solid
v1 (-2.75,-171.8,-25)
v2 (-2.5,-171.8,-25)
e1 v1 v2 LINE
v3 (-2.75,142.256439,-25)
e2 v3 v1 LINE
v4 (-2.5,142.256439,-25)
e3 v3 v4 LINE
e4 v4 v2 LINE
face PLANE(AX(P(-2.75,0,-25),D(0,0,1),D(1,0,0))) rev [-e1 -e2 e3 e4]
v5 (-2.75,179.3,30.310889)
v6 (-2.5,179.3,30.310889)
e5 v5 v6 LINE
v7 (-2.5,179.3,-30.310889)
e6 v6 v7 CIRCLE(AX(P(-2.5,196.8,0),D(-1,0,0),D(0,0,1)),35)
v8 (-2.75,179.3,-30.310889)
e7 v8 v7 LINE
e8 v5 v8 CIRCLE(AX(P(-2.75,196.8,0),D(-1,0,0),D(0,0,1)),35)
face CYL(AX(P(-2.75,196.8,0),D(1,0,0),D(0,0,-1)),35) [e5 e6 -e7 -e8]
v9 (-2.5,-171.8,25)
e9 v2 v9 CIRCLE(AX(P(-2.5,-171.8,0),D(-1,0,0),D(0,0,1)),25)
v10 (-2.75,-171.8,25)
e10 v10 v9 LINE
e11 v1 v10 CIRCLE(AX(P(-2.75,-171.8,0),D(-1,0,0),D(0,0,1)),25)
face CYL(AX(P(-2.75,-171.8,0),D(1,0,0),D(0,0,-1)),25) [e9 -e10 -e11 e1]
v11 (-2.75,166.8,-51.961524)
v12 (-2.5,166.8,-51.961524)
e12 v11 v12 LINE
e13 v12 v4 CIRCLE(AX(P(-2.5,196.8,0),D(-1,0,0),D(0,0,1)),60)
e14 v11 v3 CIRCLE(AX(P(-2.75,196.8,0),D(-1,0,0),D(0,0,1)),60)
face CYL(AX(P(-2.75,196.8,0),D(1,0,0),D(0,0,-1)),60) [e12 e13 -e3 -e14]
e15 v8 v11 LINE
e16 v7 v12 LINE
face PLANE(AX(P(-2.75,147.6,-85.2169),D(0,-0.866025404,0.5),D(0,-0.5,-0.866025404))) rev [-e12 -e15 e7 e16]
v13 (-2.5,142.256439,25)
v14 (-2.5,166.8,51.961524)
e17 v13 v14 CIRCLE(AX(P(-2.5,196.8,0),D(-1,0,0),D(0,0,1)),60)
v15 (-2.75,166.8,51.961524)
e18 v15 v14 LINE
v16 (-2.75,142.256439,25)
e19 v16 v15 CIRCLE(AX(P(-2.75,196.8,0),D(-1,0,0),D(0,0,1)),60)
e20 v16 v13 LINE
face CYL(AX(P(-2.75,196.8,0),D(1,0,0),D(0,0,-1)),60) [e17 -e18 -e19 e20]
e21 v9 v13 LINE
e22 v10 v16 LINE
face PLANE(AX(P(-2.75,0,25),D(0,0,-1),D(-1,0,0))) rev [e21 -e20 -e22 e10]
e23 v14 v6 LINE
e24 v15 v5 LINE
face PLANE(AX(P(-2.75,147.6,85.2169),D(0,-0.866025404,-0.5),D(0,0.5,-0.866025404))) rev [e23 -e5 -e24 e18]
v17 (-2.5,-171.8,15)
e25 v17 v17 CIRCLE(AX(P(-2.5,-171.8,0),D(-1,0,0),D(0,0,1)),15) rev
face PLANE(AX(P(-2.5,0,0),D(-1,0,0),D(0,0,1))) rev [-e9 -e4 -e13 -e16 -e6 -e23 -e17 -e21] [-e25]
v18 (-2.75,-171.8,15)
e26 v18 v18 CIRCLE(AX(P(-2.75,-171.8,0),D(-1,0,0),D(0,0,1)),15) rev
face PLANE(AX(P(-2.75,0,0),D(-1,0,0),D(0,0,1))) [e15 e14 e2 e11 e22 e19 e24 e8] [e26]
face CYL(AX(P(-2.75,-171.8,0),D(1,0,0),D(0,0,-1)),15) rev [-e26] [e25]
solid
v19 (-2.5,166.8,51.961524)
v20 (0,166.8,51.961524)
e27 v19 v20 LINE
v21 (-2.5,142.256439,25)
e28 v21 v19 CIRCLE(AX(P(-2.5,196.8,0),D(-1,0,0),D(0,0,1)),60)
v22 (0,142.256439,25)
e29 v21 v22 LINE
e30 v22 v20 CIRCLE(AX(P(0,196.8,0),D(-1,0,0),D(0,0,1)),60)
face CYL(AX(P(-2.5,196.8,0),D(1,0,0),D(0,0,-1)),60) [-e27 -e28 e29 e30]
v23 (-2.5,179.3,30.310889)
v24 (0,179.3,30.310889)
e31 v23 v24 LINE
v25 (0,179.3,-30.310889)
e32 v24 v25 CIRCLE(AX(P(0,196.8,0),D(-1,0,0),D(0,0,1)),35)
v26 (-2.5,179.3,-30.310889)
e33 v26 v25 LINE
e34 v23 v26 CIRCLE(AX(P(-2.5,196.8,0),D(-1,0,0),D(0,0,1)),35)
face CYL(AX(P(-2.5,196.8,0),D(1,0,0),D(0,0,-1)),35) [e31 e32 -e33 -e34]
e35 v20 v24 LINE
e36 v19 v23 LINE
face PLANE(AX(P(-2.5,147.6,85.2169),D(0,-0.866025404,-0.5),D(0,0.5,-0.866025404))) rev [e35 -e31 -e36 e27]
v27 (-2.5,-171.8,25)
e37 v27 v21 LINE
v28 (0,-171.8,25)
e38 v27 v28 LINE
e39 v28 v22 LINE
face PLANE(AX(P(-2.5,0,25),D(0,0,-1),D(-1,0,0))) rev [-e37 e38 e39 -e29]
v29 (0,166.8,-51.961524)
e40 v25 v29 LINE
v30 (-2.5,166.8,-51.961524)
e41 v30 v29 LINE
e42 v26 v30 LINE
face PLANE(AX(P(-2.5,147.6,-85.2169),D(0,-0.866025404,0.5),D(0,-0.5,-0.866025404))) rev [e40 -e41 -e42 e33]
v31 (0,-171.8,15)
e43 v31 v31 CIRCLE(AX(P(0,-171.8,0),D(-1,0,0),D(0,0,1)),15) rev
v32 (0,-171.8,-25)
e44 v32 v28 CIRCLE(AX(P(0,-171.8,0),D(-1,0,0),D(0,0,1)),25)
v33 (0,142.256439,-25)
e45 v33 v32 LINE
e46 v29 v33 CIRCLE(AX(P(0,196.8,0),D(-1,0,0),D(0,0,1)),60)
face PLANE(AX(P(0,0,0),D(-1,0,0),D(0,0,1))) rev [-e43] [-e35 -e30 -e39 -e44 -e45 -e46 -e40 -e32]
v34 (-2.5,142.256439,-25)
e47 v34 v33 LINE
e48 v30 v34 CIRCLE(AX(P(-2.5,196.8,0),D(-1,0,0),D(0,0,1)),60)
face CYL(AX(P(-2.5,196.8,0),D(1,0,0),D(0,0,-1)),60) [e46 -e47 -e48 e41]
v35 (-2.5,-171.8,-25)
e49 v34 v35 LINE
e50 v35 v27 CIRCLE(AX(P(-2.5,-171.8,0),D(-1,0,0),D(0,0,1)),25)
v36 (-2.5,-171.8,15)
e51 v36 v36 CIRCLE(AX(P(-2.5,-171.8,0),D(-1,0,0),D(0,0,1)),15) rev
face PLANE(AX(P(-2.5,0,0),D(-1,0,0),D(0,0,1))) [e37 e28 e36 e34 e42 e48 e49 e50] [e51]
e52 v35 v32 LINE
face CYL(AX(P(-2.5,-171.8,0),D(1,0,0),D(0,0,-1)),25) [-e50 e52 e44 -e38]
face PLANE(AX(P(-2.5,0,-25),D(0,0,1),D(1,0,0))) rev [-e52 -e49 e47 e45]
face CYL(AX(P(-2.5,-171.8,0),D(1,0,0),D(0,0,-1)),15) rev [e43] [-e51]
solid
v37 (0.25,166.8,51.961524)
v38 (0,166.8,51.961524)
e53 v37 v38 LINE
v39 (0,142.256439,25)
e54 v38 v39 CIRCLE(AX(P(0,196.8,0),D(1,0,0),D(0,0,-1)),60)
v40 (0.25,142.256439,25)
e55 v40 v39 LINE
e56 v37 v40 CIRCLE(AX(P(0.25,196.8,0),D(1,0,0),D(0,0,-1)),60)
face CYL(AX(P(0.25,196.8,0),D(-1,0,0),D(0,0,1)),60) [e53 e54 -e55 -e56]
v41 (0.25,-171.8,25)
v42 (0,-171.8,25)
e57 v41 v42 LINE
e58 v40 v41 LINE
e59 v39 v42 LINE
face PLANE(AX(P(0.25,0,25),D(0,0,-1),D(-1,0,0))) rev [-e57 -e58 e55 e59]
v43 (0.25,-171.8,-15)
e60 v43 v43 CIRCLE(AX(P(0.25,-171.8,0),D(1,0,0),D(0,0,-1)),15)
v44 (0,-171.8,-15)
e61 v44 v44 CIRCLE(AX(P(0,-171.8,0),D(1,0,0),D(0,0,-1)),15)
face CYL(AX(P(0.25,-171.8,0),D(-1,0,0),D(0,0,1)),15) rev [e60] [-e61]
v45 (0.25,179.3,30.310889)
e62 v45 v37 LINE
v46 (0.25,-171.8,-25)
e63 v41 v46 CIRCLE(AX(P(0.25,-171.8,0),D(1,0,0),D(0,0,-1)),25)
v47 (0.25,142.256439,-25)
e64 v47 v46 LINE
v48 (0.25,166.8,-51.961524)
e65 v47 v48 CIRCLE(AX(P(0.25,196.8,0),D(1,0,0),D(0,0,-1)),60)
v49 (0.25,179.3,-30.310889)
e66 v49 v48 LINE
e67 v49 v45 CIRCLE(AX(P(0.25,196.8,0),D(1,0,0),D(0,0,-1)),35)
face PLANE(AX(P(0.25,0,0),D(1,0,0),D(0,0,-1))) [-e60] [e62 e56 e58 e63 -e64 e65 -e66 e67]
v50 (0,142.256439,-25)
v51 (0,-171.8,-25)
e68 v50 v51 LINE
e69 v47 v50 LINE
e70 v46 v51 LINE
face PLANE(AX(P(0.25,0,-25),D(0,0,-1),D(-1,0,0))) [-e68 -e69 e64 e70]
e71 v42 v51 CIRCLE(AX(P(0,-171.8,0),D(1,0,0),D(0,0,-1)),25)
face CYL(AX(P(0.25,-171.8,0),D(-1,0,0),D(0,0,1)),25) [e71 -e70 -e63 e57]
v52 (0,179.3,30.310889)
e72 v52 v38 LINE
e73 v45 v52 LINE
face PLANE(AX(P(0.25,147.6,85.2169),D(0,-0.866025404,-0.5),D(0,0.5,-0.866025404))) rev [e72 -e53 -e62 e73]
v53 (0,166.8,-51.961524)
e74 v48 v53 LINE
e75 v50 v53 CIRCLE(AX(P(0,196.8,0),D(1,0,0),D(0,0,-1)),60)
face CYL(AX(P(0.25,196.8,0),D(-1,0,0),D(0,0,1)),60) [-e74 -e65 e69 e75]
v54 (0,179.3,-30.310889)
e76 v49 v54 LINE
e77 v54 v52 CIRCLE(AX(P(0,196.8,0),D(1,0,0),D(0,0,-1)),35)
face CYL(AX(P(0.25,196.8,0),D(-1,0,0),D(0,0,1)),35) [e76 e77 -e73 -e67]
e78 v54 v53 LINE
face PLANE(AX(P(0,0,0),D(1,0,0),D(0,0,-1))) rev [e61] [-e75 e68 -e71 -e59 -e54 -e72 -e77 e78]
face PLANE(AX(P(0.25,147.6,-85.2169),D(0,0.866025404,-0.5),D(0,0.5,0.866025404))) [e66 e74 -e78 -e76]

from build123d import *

# Parameters (mm, degrees)
SKETCH2_R           = 15
BOSS_EXTRUDE1_DEPTH = 0.25
SKETCH3_R           = 15
BOSS_EXTRUDE2_DEPTH = 2.5
SKETCH4_R           = 15
BOSS_EXTRUDE3_DEPTH = 0.25


with BuildPart() as part:
    # Sketch2 → Boss-Extrude1 (new body)
    with BuildSketch(Plane(origin=(0, 0, 0), x_dir=(0, 0, -1), z_dir=(1, 0, 0))):
        with BuildLine():
            Line((51.961524227, 166.8), (30.310889132, 179.3))
            ThreePointArc((30.310889132, 179.3), (0, 231.8), (-30.310889132, 179.3))
            Line((-30.310889132, 179.3), (-51.961524227, 166.8))
            ThreePointArc((-51.961524227, 166.8), (-40.390167668, 152.430704809), (-25, 142.256439427))
            Line((-25, 142.256439427), (-25, -171.8))
            ThreePointArc((-25, -171.8), (0, -196.8), (25, -171.8))
            Line((25, -171.8), (25, 142.256439427))
            ThreePointArc((25, 142.256439427), (40.390167668, 152.430704809), (51.961524227, 166.8))
        make_face()
        with Locations((0, -171.8)):
            Circle(SKETCH2_R, mode=Mode.SUBTRACT)
    extrude(amount=BOSS_EXTRUDE1_DEPTH)


with BuildPart() as body_2:
    # Sketch3 → Boss-Extrude2 (new body)
    with BuildSketch(Plane.ZY):
        with BuildLine():
            Line((51.961524227, 166.8), (30.310889132, 179.3))
            ThreePointArc((30.310889132, 179.3), (0, 231.8), (-30.310889132, 179.3))
            Line((-30.310889132, 179.3), (-51.961524227, 166.8))
            ThreePointArc((-51.961524227, 166.8), (-40.390167668, 152.430704809), (-25, 142.256439427))
            Line((-25, 142.256439427), (-25, -171.8))
            ThreePointArc((-25, -171.8), (0, -196.8), (25, -171.8))
            Line((25, -171.8), (25, 142.256439427))
            ThreePointArc((25, 142.256439427), (40.390167668, 152.430704809), (51.961524227, 166.8))
        make_face()
        with Locations((0, -171.8)):
            Circle(SKETCH3_R, mode=Mode.SUBTRACT)
    extrude(amount=BOSS_EXTRUDE2_DEPTH)


with BuildPart() as body_3:
    # Sketch4 → Boss-Extrude3 (new body)
    with BuildSketch(Plane.ZY.offset(2.5)):
        with BuildLine():
            ThreePointArc((25, 142.256439427), (40.390167668, 152.430704809), (51.961524227, 166.8))
            Line((51.961524227, 166.8), (30.310889132, 179.3))
            ThreePointArc((30.310889132, 179.3), (0, 231.8), (-30.310889132, 179.3))
            Line((-30.310889132, 179.3), (-51.961524227, 166.8))
            ThreePointArc((-51.961524227, 166.8), (-40.390167668, 152.430704809), (-25, 142.256439427))
            Line((-25, 142.256439427), (-25, -171.8))
            ThreePointArc((-25, -171.8), (0, -196.8), (25, -171.8))
            Line((25, -171.8), (25, 142.256439427))
        make_face()
        with Locations((0, -171.8)):
            Circle(SKETCH4_R, mode=Mode.SUBTRACT)
    extrude(amount=BOSS_EXTRUDE3_DEPTH)


solid = Compound([part.part, body_2.part, body_3.part])
